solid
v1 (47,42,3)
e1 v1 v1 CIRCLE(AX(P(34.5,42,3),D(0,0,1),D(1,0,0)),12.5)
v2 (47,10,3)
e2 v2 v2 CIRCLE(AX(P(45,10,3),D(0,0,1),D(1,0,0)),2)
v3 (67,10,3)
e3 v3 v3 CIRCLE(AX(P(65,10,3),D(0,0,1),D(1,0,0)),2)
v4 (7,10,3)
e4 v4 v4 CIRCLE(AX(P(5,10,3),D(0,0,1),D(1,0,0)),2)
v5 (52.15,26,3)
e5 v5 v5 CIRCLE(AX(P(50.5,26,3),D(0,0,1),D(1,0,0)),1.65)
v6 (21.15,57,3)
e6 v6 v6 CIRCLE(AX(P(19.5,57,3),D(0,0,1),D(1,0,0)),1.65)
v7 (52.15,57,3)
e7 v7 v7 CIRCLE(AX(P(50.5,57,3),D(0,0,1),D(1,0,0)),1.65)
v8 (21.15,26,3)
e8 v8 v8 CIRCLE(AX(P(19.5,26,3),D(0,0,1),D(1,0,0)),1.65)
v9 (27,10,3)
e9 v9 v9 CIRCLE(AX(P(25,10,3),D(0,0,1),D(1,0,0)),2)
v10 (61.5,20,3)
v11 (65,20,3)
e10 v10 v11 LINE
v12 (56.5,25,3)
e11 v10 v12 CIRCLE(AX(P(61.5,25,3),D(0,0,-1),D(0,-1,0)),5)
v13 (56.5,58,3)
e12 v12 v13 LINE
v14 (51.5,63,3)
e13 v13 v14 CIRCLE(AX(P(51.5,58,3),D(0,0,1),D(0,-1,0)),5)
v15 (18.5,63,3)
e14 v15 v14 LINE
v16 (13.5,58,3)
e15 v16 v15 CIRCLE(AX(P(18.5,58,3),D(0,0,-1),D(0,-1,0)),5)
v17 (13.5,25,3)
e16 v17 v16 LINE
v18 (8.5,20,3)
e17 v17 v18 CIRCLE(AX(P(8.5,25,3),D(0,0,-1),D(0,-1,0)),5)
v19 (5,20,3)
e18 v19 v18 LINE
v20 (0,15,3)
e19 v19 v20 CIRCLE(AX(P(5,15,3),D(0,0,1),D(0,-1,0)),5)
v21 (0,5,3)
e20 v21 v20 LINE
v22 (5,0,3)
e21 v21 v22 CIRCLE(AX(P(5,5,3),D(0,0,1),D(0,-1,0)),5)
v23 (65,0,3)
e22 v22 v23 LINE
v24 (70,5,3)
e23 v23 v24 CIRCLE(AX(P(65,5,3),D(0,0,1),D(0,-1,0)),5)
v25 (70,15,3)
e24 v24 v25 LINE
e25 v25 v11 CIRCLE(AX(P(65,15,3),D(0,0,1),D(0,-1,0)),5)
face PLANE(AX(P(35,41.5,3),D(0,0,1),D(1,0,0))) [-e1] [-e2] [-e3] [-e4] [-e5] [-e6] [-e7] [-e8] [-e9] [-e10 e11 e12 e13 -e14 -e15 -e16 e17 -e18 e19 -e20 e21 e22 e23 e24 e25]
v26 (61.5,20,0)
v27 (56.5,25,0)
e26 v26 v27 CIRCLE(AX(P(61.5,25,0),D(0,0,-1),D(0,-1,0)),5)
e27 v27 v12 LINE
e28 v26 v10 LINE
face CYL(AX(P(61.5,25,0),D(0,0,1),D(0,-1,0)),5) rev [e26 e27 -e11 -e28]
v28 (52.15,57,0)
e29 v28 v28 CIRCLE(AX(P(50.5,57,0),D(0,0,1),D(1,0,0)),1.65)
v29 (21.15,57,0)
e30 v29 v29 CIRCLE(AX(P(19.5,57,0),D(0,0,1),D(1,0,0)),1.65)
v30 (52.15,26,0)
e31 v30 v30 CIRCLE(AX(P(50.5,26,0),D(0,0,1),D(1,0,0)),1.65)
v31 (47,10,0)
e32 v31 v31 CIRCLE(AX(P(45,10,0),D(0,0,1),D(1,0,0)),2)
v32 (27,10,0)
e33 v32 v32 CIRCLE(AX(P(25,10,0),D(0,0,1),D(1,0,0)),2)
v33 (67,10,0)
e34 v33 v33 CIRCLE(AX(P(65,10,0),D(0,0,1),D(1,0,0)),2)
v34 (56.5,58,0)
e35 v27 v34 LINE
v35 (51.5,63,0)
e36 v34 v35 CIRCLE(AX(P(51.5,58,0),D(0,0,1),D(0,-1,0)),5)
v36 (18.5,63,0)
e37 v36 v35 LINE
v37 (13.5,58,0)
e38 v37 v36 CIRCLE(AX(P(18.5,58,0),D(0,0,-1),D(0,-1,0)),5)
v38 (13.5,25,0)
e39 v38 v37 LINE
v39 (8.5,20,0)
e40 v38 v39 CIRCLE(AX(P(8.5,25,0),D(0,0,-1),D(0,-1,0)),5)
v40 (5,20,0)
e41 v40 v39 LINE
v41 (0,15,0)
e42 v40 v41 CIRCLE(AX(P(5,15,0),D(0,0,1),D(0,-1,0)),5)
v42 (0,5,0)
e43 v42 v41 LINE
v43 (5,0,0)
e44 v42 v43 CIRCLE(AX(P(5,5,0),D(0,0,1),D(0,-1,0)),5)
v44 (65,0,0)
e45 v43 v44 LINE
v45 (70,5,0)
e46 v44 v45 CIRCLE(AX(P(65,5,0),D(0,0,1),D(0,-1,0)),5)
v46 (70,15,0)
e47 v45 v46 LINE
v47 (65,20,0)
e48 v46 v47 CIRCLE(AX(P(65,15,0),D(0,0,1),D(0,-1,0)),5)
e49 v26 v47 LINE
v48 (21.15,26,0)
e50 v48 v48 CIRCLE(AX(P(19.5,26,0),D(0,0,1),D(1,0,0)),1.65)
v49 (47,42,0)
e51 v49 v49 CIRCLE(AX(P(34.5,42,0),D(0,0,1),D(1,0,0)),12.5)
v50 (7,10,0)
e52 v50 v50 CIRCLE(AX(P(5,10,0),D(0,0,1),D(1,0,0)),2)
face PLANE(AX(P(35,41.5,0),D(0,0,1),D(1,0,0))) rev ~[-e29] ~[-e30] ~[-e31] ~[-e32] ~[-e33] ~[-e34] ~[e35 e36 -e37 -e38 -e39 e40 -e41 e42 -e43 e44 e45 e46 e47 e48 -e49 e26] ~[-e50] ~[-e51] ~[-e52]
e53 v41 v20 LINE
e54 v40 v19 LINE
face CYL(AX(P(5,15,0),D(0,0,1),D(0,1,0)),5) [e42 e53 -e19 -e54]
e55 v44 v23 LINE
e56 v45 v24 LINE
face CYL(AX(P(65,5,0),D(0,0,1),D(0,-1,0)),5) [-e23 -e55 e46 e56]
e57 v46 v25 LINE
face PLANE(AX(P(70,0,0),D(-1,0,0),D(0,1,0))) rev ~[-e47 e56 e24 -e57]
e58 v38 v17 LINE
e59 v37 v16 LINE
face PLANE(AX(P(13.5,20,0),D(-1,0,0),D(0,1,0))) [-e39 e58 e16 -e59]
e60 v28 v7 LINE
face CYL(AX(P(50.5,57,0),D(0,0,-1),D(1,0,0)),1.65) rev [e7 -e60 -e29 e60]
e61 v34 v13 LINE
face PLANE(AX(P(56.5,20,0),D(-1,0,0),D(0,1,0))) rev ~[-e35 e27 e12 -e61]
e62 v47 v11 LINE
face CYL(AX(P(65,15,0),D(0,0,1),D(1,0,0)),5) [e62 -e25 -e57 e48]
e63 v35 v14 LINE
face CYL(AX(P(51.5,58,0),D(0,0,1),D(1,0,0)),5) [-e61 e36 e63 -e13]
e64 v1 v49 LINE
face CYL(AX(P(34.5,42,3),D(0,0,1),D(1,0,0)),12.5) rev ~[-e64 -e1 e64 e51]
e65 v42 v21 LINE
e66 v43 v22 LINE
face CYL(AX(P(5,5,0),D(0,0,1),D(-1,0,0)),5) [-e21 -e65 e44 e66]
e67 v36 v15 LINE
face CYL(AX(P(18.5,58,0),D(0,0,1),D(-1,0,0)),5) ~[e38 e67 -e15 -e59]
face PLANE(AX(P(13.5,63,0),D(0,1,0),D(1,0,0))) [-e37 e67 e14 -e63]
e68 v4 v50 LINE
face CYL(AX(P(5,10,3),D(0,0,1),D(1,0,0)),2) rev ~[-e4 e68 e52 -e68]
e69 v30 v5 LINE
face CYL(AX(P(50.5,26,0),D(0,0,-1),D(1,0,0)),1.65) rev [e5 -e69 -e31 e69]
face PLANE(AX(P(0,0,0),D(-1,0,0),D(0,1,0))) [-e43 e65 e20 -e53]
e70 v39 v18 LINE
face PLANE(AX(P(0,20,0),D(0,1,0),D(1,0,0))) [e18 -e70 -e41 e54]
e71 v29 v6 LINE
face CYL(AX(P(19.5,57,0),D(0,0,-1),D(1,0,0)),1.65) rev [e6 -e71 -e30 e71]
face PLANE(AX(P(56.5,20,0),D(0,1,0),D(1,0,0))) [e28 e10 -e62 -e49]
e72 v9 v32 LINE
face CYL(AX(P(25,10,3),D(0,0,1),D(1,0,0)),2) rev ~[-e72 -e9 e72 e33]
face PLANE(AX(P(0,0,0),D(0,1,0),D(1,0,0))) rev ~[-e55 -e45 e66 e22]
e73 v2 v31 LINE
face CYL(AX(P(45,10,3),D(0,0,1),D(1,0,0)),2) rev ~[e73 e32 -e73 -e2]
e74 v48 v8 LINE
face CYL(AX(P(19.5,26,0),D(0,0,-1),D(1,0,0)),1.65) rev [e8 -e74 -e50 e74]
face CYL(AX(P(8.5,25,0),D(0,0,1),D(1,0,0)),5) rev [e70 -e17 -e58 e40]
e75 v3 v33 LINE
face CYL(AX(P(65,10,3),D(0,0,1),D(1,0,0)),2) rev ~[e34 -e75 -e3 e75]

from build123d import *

# Parameters (mm, degrees)
SKETCH1_W           = 43
SKETCH1_H           = 43
SKETCH1_R           = 1.65
SKETCH1_W_2         = 70
SKETCH1_H_2         = 20
BOSS_EXTRUDE1_DEPTH = 3
FILLET1_R           = 5
SKETCH2_R           = 2
CUT_EXTRUDE1_DEPTH  = 3
SKETCH3_R           = 12.5
CUT_EXTRUDE2_DEPTH  = 3


with BuildPart() as part:
    # Sketch1 → Boss-Extrude1 (new body)
    with BuildSketch(Plane.XY):
        with Locations((35, 41.5)):
            Rectangle(SKETCH1_W, SKETCH1_H)
        with Locations((19.5, 26)):
            Circle(SKETCH1_R, mode=Mode.SUBTRACT)
        with Locations((50.5, 26)):
            Circle(SKETCH1_R, mode=Mode.SUBTRACT)
        with Locations((19.5, 57)):
            Circle(SKETCH1_R, mode=Mode.SUBTRACT)
        with Locations((50.5, 57)):
            Circle(SKETCH1_R, mode=Mode.SUBTRACT)
        with Locations((35, 10)):
            Rectangle(SKETCH1_W_2, SKETCH1_H_2)
    extrude(amount=BOSS_EXTRUDE1_DEPTH)

    # Fillet1
    fillet1_edges = [part.edges().sort_by_distance(p)[0] for p in [
        (56.5, 20, 1.5),
        (70, 20, 1.5),
        (70, 0, 1.5),
        (0, 0, 1.5),
        (0, 20, 1.5),
        (13.5, 20, 1.5),
        (13.5, 63, 1.5),
        (56.5, 63, 1.5),
    ]]
    fillet(fillet1_edges, radius=FILLET1_R)

    # Sketch2 → Cut-Extrude1 (cut)
    with BuildSketch(Plane.XY.offset(3)):
        with Locations((5, 10)):
            Circle(SKETCH2_R)
        with Locations((25, 10)):
            Circle(SKETCH2_R)
        with Locations((45, 10)):
            Circle(SKETCH2_R)
        with Locations((65, 10)):
            Circle(SKETCH2_R)
    extrude(amount=-CUT_EXTRUDE1_DEPTH, mode=Mode.SUBTRACT)

    # Sketch3 → Cut-Extrude2 (cut)
    with BuildSketch(Plane.XY.offset(3)):
        with Locations((34.5, 42)):
            Circle(SKETCH3_R)
    extrude(amount=-CUT_EXTRUDE2_DEPTH, mode=Mode.SUBTRACT)


solid = part.part
